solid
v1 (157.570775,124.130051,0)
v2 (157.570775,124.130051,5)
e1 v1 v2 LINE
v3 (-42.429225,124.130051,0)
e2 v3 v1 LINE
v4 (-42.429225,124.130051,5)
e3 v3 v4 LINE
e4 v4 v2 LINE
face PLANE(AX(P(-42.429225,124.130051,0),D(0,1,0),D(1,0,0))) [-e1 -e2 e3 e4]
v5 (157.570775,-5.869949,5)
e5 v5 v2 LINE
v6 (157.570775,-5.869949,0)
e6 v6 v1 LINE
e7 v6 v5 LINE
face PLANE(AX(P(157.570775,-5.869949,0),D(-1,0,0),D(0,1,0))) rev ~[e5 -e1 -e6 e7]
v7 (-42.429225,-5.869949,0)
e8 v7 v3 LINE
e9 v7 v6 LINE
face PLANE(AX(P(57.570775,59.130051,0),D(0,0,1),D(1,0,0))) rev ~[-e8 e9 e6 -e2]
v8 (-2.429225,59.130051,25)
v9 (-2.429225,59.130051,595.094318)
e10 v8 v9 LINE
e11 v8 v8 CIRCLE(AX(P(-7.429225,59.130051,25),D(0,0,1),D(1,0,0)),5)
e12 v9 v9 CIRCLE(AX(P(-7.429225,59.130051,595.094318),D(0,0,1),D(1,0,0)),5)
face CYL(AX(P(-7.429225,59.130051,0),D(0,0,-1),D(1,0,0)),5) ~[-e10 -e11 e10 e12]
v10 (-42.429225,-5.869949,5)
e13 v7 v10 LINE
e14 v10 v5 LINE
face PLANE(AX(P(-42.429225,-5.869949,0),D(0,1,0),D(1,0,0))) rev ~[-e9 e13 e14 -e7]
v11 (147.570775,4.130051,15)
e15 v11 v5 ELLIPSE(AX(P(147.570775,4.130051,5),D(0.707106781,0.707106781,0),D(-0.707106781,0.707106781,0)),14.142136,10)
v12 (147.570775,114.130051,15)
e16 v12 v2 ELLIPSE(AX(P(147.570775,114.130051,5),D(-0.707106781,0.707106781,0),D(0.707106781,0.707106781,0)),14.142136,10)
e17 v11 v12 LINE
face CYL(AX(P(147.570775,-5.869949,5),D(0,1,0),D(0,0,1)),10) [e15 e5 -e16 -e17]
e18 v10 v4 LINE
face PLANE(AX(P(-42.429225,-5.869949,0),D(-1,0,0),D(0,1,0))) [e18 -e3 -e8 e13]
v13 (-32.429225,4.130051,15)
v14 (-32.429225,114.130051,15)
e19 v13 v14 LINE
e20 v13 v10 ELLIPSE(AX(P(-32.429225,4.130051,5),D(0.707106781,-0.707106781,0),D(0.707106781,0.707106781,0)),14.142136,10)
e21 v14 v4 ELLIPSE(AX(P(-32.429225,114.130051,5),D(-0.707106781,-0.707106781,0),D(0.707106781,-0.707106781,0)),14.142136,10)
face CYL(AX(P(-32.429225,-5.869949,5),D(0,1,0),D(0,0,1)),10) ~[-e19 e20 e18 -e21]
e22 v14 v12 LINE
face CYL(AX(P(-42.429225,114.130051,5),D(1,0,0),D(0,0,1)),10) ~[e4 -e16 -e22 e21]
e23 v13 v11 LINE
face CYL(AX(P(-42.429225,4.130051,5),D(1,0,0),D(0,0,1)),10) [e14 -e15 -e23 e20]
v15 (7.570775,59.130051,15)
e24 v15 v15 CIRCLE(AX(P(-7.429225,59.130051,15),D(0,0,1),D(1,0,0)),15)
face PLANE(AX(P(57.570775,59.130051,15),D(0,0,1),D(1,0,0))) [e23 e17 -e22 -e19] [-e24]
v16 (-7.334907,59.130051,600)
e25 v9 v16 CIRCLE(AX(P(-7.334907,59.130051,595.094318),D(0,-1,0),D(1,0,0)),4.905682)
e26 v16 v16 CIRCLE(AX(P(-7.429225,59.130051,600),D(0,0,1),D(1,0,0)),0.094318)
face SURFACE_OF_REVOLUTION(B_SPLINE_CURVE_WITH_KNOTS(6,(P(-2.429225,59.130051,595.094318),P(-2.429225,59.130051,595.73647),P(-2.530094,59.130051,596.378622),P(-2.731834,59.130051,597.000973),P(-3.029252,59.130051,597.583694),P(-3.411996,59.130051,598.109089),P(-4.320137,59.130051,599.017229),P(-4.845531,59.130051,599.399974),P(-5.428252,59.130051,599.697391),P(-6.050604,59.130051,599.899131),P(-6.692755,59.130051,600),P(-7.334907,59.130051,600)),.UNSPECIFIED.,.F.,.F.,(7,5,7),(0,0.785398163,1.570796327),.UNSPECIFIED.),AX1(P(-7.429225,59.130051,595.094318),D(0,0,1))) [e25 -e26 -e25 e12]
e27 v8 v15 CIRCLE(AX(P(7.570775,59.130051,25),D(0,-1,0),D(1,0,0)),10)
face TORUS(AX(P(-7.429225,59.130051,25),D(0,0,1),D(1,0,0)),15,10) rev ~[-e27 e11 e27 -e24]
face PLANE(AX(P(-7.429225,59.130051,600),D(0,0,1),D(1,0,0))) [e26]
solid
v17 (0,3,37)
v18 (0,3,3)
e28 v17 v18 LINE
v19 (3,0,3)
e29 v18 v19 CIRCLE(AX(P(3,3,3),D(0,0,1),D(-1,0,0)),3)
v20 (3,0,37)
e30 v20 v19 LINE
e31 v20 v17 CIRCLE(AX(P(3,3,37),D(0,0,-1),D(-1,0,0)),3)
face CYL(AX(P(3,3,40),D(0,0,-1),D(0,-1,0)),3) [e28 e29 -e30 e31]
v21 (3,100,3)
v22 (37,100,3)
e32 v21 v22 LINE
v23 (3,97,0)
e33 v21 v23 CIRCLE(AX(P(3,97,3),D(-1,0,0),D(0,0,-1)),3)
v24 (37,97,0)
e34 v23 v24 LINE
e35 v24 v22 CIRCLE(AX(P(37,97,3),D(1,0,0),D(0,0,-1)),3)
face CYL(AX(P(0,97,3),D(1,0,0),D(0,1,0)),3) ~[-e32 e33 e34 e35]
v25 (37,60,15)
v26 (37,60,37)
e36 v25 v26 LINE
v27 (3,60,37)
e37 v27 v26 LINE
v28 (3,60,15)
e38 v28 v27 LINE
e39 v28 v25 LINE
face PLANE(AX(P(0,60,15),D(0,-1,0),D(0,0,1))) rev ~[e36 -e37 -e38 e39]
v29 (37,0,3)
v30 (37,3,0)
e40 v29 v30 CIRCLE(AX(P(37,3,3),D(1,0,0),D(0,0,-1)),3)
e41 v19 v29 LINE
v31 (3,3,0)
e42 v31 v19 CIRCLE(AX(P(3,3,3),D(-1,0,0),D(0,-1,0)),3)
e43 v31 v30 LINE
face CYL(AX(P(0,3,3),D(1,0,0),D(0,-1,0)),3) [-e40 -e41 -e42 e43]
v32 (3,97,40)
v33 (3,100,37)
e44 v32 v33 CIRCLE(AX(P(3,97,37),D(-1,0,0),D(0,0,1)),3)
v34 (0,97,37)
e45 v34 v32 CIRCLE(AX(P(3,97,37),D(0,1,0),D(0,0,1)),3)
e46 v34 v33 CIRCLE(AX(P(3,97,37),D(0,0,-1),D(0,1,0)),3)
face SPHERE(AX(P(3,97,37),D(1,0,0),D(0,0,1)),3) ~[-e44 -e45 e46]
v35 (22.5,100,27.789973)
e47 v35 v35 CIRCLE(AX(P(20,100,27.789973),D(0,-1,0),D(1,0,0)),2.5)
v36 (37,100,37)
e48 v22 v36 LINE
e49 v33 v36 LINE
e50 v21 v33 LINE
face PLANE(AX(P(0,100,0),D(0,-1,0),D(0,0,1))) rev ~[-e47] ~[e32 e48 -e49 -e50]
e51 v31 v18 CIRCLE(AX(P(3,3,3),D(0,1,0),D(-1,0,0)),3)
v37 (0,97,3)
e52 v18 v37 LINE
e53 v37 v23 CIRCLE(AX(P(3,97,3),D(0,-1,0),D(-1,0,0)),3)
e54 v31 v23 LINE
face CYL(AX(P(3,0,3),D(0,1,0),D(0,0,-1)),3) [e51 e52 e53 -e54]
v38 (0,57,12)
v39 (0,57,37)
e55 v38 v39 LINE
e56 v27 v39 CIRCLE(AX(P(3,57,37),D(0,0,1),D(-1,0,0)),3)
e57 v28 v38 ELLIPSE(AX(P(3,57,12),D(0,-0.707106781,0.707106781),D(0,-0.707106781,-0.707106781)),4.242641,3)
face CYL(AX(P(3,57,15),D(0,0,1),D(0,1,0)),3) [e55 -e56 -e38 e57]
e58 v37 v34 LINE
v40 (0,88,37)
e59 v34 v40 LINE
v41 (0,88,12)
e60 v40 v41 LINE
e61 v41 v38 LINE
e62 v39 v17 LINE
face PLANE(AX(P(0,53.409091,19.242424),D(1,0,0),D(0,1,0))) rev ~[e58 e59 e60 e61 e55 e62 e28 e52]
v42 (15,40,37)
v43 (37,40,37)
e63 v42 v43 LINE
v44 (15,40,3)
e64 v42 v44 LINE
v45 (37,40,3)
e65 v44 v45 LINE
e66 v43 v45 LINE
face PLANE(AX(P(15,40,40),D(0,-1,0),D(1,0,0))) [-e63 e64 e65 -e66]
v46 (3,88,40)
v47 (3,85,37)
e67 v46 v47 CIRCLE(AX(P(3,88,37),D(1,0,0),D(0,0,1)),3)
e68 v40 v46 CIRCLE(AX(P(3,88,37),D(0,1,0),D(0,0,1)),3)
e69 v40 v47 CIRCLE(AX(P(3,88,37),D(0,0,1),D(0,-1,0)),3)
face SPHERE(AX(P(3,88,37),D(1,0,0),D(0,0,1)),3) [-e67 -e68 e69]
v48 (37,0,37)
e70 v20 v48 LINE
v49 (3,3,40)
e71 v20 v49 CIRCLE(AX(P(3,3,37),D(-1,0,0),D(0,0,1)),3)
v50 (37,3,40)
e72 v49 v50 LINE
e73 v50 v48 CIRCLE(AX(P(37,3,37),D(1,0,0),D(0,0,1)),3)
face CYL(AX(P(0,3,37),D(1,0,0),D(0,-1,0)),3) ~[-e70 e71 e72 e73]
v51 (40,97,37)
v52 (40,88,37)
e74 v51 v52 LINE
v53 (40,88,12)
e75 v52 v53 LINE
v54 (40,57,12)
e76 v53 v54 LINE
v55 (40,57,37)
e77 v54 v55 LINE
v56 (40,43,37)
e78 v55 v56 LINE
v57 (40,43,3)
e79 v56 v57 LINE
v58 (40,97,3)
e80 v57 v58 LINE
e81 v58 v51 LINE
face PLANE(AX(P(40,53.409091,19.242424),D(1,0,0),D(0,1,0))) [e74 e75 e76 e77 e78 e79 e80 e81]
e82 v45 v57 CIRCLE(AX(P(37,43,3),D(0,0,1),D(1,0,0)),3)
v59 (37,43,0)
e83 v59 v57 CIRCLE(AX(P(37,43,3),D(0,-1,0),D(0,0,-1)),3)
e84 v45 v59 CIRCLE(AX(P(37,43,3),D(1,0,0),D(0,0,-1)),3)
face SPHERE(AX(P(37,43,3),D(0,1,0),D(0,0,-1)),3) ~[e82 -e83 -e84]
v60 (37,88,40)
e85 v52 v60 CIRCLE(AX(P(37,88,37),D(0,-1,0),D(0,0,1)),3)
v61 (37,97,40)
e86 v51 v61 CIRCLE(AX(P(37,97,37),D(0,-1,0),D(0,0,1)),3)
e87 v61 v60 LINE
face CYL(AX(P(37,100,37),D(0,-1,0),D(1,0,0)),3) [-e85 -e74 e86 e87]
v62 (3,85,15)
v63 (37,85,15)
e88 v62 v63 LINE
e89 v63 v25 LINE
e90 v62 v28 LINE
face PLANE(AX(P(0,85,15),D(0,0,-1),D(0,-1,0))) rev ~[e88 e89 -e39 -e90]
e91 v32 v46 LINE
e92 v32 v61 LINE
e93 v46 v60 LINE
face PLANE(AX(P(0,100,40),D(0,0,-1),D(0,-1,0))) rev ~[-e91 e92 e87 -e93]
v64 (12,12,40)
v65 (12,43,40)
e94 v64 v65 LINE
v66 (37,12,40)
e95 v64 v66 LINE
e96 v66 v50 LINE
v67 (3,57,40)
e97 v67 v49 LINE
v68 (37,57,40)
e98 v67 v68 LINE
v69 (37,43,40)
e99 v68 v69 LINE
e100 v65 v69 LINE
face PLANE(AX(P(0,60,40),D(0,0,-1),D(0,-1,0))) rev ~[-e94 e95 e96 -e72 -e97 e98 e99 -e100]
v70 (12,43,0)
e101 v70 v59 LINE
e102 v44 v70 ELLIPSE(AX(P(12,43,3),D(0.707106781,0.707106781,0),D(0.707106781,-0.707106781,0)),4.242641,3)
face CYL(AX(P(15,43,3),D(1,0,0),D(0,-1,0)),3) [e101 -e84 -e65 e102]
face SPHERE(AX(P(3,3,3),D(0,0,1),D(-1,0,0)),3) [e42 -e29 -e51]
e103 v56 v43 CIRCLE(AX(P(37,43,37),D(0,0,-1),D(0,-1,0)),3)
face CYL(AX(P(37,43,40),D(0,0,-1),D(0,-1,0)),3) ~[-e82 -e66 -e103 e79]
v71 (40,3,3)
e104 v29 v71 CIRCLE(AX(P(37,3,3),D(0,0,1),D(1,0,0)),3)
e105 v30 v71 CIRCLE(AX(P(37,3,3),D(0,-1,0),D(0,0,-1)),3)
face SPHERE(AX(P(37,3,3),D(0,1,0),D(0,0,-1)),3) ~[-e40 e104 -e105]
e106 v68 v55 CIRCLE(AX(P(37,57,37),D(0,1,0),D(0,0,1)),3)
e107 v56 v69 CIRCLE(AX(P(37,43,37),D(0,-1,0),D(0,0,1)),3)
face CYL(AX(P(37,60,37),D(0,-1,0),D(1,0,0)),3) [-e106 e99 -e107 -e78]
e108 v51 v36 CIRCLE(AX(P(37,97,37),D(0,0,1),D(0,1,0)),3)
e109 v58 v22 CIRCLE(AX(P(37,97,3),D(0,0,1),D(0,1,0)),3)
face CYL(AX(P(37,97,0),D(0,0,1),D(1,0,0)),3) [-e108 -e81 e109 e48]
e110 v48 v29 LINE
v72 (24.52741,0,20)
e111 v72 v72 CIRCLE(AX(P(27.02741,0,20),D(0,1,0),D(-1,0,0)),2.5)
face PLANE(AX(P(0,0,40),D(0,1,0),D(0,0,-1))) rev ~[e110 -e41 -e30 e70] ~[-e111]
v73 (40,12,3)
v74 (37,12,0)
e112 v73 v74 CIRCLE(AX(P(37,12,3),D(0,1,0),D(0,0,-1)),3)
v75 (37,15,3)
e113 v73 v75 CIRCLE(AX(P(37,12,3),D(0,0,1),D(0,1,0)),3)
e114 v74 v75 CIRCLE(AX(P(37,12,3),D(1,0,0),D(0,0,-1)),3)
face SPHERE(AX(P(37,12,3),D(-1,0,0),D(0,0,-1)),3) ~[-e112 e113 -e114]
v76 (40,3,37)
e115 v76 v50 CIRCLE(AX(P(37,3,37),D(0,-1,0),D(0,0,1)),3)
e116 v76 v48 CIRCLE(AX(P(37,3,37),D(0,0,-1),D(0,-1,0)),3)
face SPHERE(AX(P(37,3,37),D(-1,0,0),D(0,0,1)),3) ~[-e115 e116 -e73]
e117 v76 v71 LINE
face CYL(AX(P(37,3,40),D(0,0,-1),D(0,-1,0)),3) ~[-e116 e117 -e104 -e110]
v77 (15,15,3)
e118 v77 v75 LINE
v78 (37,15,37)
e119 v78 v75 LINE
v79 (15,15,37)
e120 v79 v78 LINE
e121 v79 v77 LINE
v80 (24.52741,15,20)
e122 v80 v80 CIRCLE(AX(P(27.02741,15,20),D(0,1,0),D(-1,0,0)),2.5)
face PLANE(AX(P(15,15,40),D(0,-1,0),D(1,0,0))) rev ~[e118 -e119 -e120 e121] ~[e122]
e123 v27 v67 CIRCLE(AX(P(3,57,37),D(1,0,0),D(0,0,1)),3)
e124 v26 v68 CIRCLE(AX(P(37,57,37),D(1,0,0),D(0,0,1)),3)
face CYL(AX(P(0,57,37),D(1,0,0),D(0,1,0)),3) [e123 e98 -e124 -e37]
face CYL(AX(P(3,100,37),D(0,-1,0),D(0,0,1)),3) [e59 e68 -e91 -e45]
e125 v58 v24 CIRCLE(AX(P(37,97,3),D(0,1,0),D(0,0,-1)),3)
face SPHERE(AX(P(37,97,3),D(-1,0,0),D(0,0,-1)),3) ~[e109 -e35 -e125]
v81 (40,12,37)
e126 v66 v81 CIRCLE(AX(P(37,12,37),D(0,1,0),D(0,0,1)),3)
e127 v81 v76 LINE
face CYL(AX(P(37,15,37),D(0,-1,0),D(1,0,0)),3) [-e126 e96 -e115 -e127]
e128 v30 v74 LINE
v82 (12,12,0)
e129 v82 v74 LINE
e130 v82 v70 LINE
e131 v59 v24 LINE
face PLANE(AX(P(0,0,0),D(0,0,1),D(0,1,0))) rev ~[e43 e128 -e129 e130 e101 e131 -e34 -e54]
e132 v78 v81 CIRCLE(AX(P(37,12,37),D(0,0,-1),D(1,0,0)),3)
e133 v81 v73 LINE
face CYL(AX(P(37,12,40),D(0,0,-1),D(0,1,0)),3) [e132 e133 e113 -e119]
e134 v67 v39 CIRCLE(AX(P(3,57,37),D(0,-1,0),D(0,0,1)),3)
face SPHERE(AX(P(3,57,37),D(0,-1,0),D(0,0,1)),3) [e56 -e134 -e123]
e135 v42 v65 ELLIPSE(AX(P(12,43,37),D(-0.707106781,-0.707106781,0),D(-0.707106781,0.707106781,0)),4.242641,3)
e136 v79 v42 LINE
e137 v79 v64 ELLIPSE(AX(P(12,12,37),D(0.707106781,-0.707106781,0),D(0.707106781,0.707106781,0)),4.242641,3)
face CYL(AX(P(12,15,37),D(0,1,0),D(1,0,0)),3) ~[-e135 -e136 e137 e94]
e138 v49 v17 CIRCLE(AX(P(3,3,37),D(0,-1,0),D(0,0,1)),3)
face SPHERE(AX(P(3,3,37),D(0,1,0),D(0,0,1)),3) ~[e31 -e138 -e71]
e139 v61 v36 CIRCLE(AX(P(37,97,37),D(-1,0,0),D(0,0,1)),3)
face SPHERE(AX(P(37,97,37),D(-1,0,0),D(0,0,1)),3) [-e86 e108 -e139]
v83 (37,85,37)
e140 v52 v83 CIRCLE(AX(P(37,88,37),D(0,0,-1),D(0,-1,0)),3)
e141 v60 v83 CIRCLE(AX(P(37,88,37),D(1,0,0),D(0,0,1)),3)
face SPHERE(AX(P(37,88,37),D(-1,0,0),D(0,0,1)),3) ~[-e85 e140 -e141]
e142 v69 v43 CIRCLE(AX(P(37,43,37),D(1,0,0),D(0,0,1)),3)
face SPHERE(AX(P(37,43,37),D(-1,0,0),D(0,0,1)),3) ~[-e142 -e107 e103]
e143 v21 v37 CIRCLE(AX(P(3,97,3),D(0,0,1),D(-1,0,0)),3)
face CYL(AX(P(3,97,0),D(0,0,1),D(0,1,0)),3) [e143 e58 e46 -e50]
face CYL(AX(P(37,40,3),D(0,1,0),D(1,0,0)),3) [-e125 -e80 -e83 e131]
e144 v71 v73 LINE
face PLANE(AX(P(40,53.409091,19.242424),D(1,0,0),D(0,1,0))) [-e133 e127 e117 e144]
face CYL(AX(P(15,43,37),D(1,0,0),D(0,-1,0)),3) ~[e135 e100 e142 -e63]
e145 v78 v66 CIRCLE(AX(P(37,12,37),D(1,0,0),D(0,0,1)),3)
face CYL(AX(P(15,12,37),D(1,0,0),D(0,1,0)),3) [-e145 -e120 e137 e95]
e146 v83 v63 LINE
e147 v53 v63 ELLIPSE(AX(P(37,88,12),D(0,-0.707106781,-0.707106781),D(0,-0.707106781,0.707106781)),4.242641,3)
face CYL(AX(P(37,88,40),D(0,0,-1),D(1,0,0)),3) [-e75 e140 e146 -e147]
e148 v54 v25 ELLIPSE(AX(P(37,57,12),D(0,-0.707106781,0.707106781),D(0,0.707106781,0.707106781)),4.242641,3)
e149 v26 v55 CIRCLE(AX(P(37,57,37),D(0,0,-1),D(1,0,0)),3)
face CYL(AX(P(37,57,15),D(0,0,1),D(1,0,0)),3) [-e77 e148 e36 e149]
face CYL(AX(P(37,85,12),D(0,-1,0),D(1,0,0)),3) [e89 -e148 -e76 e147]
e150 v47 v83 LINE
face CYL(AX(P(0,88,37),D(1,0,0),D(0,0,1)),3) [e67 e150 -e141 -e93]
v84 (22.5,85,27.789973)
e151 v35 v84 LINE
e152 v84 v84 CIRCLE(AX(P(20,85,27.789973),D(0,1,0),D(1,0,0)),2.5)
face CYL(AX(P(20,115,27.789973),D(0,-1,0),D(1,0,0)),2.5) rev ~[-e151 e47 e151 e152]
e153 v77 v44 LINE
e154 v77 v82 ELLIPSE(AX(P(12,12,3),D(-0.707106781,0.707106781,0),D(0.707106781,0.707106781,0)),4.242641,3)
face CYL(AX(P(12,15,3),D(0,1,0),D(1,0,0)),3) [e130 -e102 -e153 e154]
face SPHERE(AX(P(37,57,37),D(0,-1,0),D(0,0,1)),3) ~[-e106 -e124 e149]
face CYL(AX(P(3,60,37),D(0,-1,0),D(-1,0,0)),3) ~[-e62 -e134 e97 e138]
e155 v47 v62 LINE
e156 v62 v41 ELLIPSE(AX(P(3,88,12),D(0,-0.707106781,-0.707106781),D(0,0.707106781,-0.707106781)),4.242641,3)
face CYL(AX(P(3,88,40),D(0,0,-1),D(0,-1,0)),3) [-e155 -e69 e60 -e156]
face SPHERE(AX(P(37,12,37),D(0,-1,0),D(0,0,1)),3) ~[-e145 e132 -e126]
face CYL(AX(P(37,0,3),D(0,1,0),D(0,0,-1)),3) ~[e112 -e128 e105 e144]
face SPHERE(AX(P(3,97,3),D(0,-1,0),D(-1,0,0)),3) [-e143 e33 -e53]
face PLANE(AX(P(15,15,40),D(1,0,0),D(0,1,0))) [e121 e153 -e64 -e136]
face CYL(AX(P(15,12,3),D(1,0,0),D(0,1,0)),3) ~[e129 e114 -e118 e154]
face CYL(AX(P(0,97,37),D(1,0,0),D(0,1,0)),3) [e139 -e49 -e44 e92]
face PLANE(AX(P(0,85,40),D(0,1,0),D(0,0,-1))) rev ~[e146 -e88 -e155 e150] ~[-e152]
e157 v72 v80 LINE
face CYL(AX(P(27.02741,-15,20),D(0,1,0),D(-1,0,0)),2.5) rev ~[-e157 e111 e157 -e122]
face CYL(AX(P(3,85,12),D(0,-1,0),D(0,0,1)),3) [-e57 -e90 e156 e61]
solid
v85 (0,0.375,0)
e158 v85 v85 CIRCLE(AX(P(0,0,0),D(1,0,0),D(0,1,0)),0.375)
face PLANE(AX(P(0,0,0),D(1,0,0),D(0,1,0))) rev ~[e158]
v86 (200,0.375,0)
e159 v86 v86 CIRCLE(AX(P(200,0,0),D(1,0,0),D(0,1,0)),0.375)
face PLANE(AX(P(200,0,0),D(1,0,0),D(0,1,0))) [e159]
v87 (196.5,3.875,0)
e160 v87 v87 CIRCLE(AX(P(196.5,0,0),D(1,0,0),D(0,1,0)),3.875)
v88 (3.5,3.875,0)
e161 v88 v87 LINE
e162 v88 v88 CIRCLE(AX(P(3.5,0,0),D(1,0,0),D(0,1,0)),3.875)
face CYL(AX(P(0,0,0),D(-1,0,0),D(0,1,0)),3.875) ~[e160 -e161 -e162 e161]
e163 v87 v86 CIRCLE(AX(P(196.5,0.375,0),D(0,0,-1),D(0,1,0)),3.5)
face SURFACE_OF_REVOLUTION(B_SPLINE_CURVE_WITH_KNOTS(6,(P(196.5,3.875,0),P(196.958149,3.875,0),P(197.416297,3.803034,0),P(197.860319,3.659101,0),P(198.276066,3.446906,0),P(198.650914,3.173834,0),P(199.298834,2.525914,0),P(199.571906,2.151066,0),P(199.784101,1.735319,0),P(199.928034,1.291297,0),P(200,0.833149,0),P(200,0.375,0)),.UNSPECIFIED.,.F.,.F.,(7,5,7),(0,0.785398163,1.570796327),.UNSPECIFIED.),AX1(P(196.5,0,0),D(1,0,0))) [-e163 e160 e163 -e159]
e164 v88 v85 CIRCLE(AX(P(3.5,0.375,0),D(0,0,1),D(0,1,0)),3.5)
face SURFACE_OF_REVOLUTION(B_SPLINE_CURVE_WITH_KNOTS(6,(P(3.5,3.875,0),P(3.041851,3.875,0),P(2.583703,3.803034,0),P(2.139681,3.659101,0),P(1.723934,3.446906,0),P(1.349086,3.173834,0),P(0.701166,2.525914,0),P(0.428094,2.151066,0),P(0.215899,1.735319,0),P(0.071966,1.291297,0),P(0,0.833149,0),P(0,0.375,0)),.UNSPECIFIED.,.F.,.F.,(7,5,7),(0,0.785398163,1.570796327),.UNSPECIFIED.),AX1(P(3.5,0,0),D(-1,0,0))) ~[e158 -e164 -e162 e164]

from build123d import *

# Parameters (mm, degrees)
F0_W      = 200
F0_H      = 130
F0_R      = 5
F1_DEPTH  = 15
F2_DEPTH  = 600
F3_R      = 10
F4_R      = 4.9056819587
F6_DEPTH  = 40
F7_W      = 25
F7_H      = 25
F8_DEPTH  = 40
F10_D     = 5
F10_DEPTH = 15
F10_TIP   = 1.5021515476
F12_D     = 5
F12_DEPTH = 15
F12_TIP   = 1.5021515476
F13_R     = 3
F14_R     = 3.875
F15_DEPTH = 200
F16_R     = 3.5


with BuildPart() as f1:
    # F0 (on Top) → F1 (new body)
    with BuildSketch(Plane.XY):
        with Locations((57.5707746297, 59.1300514607)):
            Rectangle(F0_W, F0_H)
        with Locations((-7.4292253703, 59.1300514607)):
            Circle(F0_R, mode=Mode.SUBTRACT)
    extrude(amount=F1_DEPTH)

    # F0 (on Top) → F2 (join)
    with BuildSketch(Plane.XY):
        with Locations((-7.4292253703, 59.1300514607)):
            Circle(F0_R)
    extrude(amount=F2_DEPTH)

    # F3
    f3_edges = [f1.edges().sort_by_distance(p)[0] for p in [
        (157.570775, 59.130051, 15),
        (57.570775, 124.130051, 15),
        (-42.429225, 59.130051, 15),
        (57.570775, -5.869949, 15),
        (-12.429225, 59.130051, 15),
    ]]
    fillet(f3_edges, radius=F3_R)

    # F4
    f4_edges = [f1.edges().sort_by_distance(p)[0] for p in [
        (-12.429225, 59.130051, 600),
    ]]
    fillet(f4_edges, radius=F4_R)


with BuildPart() as f6:
    # F5 (on Right) → F6 (new body)
    with BuildSketch(Plane.YZ):
        Polygon((0, 40), (0, 0), (100, 0), (100, 40), (85, 40), (85, 15), (60, 15), (60, 40), align=None)
    extrude(amount=F6_DEPTH)

    # F7 (on face) → F8 (cut)
    with BuildSketch(Plane.XY.offset(40)):
        with Locations((27.5, 27.5)):
            Rectangle(F7_W, F7_H)
    extrude(amount=-F8_DEPTH, mode=Mode.SUBTRACT)

    # F10
    with Locations(Plane.XZ):
        with Locations((27.0274095237, 20)):
            Hole(F10_D / 2, depth=F10_DEPTH)
            with Locations((0, 0, -(F10_DEPTH + F10_TIP / 2))):  # 118° drill point
                Cone(0, F10_D / 2, F10_TIP, mode=Mode.SUBTRACT)

    # F12
    with Locations(Plane(origin=(0, 100, 0), x_dir=(-1, 0, 0), z_dir=(0, 1, 0))):
        with Locations((-20, 27.7899727225)):
            Hole(F12_D / 2, depth=F12_DEPTH)
            with Locations((0, 0, -(F12_DEPTH + F12_TIP / 2))):  # 118° drill point
                Cone(0, F12_D / 2, F12_TIP, mode=Mode.SUBTRACT)

    # F13
    f13_edges = [f6.edges().sort_by_distance(p)[0] for p in [
        (0, 30, 40),
        (20, 0, 40),
        (40, 7.5, 40),
        (27.5, 15, 40),
        (15, 27.5, 40),
        (27.5, 40, 40),
        (40, 50, 40),
        (20, 60, 40),
        (20, 100, 40),
        (20, 85, 40),
        (0, 92.5, 40),
        (40, 92.5, 40),
        (0, 0, 20),
        (0, 50, 0),
        (0, 100, 20),
        (0, 85, 27.5),
        (0, 72.5, 15),
        (0, 60, 27.5),
        (20, 100, 0),
        (40, 70, 0),
        (27.5, 40, 0),
        (15, 27.5, 0),
        (27.5, 15, 0),
        (40, 7.5, 0),
        (20, 0, 0),
        (40, 15, 20),
        (40, 0, 20),
        (40, 60, 27.5),
        (40, 72.5, 15),
        (40, 85, 27.5),
        (40, 100, 20),
        (40, 40, 20),
    ]]
    fillet(f13_edges, radius=F13_R)


with BuildPart() as f15:
    # F14 (on Right) → F15 (new body)
    with BuildSketch(Plane.YZ):
        Circle(F14_R)
    extrude(amount=F15_DEPTH)

    # F16
    f16_edges = [f15.edges().sort_by_distance(p)[0] for p in [
        (0, -3.875, 0),
        (200, -3.875, 0),
    ]]
    fillet(f16_edges, radius=F16_R)


solid = Compound([f1.part, f6.part, f15.part])
